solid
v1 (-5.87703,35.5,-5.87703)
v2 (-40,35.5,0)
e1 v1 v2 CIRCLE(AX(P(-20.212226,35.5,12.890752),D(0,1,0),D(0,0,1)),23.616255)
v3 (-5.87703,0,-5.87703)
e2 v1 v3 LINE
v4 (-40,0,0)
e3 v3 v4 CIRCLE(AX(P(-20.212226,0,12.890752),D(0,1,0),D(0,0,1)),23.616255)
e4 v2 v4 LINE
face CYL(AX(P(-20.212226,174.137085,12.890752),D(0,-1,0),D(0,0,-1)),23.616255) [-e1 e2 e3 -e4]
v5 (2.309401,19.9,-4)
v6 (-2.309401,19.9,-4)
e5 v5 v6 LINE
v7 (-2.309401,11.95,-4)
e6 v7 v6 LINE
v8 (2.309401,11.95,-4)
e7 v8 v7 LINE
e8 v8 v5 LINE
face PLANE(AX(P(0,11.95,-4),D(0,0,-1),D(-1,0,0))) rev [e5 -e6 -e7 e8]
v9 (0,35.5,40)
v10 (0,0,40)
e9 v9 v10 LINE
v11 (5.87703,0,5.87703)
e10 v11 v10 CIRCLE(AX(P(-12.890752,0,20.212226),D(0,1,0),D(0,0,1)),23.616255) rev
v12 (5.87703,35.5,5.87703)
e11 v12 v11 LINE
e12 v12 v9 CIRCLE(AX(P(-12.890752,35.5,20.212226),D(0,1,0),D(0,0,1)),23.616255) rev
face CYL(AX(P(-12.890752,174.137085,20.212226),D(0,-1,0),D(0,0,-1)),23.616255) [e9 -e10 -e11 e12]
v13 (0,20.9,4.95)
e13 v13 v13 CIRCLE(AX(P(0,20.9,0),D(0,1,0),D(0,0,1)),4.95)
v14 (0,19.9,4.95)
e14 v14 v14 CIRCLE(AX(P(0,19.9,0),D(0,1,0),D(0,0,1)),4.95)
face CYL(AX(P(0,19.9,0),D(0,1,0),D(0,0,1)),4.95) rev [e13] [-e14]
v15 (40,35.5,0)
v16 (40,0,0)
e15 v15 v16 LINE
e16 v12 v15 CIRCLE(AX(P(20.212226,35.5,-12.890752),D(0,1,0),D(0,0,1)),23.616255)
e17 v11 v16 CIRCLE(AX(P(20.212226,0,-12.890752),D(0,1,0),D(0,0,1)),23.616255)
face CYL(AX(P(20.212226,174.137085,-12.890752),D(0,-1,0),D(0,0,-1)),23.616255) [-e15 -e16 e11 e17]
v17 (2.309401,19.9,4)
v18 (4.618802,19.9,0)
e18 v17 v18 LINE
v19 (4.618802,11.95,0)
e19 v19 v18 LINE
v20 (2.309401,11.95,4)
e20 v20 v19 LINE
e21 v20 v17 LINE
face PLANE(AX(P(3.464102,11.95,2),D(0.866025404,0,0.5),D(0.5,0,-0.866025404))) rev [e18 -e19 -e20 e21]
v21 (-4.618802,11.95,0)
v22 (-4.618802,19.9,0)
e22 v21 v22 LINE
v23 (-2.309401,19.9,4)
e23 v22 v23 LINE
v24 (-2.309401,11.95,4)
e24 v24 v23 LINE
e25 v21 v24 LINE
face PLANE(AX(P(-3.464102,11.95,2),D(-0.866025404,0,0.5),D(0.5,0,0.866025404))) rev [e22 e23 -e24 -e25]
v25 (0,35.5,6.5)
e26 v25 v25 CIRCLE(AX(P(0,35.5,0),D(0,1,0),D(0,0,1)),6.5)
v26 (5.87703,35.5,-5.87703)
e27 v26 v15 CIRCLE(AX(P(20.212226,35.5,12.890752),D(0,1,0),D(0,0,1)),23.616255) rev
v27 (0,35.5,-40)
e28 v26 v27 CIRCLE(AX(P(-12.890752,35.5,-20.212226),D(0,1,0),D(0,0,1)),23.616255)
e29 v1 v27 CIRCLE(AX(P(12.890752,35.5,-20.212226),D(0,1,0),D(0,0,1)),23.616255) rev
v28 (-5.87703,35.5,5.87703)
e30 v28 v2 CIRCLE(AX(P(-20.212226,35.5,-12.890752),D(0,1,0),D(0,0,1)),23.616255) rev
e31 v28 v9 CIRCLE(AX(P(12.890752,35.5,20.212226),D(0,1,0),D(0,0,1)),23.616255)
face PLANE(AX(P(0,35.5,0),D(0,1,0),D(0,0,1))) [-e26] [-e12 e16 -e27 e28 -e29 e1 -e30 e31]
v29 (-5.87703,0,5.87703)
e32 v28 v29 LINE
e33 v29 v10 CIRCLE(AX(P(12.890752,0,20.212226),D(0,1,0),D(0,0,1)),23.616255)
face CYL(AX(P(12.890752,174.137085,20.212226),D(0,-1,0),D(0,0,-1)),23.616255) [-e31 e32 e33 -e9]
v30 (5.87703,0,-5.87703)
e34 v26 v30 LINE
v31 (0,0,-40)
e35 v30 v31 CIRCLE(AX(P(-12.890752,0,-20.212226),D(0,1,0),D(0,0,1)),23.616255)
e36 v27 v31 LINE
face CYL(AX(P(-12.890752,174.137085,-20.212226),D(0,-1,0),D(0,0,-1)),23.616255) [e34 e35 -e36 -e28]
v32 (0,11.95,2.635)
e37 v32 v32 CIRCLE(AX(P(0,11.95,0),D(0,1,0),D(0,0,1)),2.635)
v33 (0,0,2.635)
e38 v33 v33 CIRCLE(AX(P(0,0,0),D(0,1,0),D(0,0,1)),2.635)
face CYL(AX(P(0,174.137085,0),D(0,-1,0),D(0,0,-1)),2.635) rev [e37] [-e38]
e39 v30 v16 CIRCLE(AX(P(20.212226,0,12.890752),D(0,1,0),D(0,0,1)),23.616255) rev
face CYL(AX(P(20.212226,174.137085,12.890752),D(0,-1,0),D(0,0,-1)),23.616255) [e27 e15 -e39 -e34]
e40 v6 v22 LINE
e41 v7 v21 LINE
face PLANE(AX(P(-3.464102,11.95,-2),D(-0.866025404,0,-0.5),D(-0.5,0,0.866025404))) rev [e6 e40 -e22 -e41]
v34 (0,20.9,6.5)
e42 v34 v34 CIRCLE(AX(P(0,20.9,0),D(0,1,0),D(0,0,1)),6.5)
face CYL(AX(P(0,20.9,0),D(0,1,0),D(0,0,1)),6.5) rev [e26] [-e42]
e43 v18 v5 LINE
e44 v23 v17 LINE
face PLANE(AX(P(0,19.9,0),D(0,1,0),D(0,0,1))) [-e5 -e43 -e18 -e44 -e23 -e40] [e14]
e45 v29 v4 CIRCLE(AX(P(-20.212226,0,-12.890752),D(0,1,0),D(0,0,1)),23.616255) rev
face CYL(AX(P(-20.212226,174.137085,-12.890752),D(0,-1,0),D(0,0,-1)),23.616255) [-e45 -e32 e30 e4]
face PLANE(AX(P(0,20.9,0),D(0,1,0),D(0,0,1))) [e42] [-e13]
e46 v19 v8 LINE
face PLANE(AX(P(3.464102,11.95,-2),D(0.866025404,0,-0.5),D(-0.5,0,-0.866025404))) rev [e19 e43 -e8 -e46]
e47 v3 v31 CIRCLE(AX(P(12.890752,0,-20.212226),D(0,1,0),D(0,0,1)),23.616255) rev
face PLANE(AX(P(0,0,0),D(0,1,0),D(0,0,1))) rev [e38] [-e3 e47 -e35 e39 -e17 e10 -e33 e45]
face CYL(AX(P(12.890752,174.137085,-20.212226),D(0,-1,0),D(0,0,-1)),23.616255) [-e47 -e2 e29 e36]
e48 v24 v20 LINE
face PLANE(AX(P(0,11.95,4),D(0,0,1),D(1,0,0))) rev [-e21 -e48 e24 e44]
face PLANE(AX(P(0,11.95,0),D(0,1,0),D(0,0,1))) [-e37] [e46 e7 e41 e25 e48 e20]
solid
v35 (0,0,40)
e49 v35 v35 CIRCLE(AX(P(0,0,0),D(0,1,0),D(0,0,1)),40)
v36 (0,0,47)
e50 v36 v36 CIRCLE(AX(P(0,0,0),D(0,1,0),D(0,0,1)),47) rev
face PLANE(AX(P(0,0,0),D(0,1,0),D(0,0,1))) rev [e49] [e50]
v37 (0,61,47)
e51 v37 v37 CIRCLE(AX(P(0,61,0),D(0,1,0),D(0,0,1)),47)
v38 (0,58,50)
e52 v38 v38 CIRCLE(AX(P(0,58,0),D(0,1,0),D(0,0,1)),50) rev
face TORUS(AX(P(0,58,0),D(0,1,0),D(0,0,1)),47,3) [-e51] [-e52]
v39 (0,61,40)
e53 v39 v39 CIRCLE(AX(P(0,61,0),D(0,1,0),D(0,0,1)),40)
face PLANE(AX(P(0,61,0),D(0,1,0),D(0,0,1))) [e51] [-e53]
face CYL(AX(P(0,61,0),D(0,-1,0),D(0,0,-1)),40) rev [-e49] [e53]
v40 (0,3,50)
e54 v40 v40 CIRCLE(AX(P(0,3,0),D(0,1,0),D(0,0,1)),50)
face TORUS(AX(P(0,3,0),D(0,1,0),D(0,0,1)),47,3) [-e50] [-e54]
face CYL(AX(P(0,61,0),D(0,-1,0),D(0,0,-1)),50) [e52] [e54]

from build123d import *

# Parameters (mm, degrees)
SKETCH1_R           = 50
SKETCH1_R_2         = 40
BOSS_EXTRUDE1_DEPTH = 61
SKETCH1_3_R         = 2.635
BOSS_EXTRUDE2_DEPTH = 35.5
FILLET1_R           = 3
SKETCH2_R           = 6.5
CUT_EXTRUDE1_DEPTH  = 14.6
SKETCH3_R           = 4.95
CUT_EXTRUDE2_DEPTH  = 1
CUT_EXTRUDE3_START  = -1
SKETCH3_3_R         = 2.635
CUT_EXTRUDE3_DEPTH  = 7.95


with BuildPart() as part:
    # Sketch1 → Boss-Extrude1 (new body)
    with BuildSketch(Plane(origin=(0, 0, 0), x_dir=(1, 0, 0), z_dir=(0, 1, 0))):
        Circle(SKETCH1_R)
        Circle(SKETCH1_R_2, mode=Mode.SUBTRACT)
    extrude(amount=BOSS_EXTRUDE1_DEPTH)

    # Fillet1
    fillet1_edges = [part.edges().sort_by_distance(p)[0] for p in [
        (-50, 61, 0),
        (-50, 0, 0),
    ]]
    fillet(fillet1_edges, radius=FILLET1_R)


with BuildPart() as body_2:
    # Sketch1<3> → Boss-Extrude2 (new body)
    with BuildSketch(Plane(origin=(0, 0, 0), x_dir=(1, 0, 0), z_dir=(0, 1, 0))):
        with BuildLine():
            ThreePointArc((5.877030144, 5.877030144), (24.220657484, 10.382837425), (40, 0))
            ThreePointArc((40, 0), (24.220657484, -10.382837425), (5.877030144, -5.877030144))
            ThreePointArc((5.877030144, -5.877030144), (10.382837425, -24.220657484), (0, -40))
            ThreePointArc((0, -40), (-10.382837425, -24.220657484), (-5.877030144, -5.877030144))
            ThreePointArc((-5.877030144, -5.877030144), (-24.220657484, -10.382837425), (-40, 0))
            ThreePointArc((-40, 0), (-24.220657484, 10.382837425), (-5.877030144, 5.877030144))
            ThreePointArc((-5.877030144, 5.877030144), (-10.382837425, 24.220657484), (0, 40))
            ThreePointArc((0, 40), (10.382837425, 24.220657484), (5.877030144, 5.877030144))
        make_face()
        Circle(SKETCH1_3_R, mode=Mode.SUBTRACT)
    extrude(amount=BOSS_EXTRUDE2_DEPTH)

    # Sketch2 → Cut-Extrude1 (cut)
    with BuildSketch(Plane(origin=(0, 35.5, 0), x_dir=(1, 0, 0), z_dir=(0, 1, 0))):
        Circle(SKETCH2_R)
    extrude(amount=-CUT_EXTRUDE1_DEPTH, mode=Mode.SUBTRACT)

    # Sketch3 → Cut-Extrude2 (cut)
    with BuildSketch(Plane(origin=(0, 20.9, 0), x_dir=(1, 0, 0), z_dir=(0, 1, 0))):
        Circle(SKETCH3_R)
    extrude(amount=-CUT_EXTRUDE2_DEPTH, mode=Mode.SUBTRACT)

    # Sketch3<3> → Cut-Extrude3 (cut)
    with BuildSketch(Plane(origin=(0, 20.9, 0), x_dir=(1, 0, 0), z_dir=(0, 1, 0)).offset(CUT_EXTRUDE3_START)):
        Polygon((2.309401077, -4), (4.618802154, 0), (2.309401077, 4), (-2.309401077, 4), (-4.618802154, 0), (-2.309401077, -4), align=None)
        Circle(SKETCH3_3_R, mode=Mode.SUBTRACT)
    extrude(amount=-CUT_EXTRUDE3_DEPTH, mode=Mode.SUBTRACT)


solid = Compound([part.part, body_2.part])
